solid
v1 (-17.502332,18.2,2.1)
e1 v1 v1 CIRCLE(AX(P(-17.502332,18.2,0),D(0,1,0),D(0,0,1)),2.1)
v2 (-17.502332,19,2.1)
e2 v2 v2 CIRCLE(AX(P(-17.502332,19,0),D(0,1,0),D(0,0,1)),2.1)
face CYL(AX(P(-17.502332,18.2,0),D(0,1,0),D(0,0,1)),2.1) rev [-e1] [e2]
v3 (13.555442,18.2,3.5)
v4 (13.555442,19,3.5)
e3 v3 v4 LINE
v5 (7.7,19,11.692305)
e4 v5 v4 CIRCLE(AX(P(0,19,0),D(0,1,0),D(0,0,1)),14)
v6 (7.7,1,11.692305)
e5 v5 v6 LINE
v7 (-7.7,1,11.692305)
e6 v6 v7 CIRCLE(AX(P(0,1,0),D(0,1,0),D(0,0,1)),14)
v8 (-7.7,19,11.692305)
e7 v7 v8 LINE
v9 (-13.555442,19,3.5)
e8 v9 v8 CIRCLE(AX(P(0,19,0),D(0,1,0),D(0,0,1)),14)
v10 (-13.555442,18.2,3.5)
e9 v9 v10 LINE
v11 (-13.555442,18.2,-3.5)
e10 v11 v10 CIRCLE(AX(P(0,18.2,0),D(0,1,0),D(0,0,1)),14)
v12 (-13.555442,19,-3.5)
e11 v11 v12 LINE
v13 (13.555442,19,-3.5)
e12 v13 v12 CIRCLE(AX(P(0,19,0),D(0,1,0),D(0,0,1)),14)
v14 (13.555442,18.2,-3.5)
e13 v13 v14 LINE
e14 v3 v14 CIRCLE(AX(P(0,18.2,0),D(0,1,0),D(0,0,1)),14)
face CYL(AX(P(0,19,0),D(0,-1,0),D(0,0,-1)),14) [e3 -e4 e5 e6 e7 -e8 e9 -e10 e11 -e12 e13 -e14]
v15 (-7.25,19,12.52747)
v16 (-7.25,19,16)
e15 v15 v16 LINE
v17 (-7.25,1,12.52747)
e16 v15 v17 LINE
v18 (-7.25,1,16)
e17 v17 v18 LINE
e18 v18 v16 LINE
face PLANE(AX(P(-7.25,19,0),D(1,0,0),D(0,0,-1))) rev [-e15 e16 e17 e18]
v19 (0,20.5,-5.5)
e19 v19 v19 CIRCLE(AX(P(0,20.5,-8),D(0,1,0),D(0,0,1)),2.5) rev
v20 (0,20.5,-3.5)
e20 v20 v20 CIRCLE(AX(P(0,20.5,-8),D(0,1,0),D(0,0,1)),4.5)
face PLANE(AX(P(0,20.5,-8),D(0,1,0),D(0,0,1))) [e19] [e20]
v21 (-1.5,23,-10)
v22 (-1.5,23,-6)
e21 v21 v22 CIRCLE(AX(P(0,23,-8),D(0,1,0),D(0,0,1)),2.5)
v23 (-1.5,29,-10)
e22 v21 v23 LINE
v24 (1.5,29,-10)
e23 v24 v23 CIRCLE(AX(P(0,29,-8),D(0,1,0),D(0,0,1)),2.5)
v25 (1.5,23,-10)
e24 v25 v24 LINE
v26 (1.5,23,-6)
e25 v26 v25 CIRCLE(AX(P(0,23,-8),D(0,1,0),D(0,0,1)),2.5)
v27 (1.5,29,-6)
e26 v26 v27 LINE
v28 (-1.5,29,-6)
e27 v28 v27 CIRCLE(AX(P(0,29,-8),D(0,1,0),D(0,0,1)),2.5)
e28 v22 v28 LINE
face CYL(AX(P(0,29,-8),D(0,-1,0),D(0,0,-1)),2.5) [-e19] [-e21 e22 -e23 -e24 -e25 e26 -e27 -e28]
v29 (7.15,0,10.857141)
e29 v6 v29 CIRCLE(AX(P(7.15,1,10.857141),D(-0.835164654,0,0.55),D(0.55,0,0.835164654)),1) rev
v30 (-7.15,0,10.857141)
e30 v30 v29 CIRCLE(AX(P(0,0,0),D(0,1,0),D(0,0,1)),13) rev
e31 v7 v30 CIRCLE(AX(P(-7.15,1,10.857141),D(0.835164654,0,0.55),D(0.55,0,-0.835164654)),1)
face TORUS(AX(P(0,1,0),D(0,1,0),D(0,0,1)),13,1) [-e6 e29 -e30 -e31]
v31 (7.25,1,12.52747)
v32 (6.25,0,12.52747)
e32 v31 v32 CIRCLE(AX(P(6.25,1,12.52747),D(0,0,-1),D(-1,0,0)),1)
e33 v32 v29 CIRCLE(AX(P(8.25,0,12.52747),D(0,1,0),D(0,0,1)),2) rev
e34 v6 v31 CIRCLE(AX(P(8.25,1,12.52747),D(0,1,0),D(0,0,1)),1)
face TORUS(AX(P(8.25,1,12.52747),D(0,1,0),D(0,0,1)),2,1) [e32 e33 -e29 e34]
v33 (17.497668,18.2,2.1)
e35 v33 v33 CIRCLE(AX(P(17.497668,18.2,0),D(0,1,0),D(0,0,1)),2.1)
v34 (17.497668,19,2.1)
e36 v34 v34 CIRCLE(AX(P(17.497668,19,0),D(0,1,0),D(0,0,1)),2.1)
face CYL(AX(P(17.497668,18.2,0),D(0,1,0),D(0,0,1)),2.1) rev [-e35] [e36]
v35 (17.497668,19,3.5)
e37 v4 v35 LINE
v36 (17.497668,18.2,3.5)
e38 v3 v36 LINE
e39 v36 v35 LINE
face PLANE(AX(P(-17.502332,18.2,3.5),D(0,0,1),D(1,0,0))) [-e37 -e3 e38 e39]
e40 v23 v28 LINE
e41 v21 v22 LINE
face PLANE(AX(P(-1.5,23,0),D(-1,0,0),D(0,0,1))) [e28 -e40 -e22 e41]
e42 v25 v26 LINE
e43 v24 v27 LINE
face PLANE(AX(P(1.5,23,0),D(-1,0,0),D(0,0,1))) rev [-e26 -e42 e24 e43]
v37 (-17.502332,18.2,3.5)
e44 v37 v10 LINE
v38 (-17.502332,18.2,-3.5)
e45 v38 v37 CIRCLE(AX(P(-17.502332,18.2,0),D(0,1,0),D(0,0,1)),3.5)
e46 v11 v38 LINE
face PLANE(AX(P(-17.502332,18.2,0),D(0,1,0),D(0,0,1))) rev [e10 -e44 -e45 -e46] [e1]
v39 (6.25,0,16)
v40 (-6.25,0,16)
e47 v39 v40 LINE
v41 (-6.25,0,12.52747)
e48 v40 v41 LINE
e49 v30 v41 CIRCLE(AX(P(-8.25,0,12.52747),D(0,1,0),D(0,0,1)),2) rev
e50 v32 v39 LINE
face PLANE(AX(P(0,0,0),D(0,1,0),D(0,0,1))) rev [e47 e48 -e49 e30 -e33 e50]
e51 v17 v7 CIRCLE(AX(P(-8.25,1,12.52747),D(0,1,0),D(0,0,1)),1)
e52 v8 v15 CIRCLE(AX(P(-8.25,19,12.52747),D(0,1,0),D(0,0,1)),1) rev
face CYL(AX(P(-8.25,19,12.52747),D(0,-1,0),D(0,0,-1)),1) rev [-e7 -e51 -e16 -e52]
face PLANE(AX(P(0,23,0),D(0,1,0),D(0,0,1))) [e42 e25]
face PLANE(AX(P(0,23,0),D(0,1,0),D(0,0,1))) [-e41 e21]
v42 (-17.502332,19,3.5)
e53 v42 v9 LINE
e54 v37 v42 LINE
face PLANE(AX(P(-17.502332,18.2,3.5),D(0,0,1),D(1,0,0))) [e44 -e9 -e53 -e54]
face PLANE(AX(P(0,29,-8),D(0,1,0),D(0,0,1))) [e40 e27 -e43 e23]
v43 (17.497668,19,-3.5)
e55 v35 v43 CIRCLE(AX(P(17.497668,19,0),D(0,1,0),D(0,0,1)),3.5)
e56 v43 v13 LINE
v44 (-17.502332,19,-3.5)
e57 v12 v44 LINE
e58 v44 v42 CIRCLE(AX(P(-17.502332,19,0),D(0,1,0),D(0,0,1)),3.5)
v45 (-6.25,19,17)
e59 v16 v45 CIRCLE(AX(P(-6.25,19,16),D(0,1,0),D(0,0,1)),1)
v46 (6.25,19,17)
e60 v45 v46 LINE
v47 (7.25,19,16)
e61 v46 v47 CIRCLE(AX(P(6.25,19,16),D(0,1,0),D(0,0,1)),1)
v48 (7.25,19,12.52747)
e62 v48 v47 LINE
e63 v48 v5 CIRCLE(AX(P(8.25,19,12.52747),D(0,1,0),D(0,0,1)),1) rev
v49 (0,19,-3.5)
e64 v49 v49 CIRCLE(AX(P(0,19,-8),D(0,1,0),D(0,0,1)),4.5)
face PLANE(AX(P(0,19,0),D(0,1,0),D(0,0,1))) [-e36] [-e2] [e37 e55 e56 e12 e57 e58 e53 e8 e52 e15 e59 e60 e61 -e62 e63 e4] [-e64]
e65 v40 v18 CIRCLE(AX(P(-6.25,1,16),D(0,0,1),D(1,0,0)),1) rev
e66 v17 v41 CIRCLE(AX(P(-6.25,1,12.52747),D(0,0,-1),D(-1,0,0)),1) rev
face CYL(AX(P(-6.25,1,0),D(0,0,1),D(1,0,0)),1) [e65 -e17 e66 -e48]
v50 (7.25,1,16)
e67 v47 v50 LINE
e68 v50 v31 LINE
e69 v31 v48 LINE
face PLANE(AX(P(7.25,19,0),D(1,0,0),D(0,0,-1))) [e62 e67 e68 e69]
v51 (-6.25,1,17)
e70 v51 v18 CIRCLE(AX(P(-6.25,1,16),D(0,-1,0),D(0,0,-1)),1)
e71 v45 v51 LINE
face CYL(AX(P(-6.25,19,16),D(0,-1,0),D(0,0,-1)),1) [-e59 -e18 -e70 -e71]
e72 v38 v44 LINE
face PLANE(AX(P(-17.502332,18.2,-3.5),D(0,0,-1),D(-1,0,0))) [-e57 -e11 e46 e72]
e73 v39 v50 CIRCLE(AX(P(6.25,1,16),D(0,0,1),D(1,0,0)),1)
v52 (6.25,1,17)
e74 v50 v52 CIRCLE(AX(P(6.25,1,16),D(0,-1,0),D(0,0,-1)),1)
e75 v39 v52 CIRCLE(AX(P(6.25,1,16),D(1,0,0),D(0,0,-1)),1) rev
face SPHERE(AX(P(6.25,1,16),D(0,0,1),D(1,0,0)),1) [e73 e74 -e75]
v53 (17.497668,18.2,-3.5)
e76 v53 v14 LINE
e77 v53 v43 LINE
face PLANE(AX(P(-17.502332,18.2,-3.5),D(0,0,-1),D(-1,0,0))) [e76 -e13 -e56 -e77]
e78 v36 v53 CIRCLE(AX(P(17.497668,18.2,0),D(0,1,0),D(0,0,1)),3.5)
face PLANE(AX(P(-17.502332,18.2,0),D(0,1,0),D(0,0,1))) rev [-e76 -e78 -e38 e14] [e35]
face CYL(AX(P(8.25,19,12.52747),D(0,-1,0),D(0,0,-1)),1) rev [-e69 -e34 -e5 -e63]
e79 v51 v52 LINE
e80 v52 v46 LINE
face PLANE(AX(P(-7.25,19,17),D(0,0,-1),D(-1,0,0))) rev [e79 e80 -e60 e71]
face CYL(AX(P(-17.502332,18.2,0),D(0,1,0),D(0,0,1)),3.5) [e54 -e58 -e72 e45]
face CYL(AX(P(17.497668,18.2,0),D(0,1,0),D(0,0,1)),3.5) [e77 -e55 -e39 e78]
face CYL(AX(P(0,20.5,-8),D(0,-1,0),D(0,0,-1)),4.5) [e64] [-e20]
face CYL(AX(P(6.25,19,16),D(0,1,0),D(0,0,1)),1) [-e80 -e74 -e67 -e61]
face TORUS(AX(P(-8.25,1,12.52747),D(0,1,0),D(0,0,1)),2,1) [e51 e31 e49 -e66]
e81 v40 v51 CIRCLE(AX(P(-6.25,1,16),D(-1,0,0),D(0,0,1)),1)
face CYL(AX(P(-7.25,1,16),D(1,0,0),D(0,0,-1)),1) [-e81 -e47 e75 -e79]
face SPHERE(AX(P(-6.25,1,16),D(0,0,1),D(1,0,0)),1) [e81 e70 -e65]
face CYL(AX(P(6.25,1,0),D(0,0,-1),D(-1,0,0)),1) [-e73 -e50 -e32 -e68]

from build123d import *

# Parameters (mm, degrees)
SKETCH1_R           = 14
SKETCH1_W           = 14.5
SKETCH1_H           = 17
BOSS_EXTRUDE1_DEPTH = 19
SKETCH2_R           = 4.5
BOSS_EXTRUDE2_DEPTH = 1.5
SKETCH2_3_R         = 2.5
BOSS_EXTRUDE3_DEPTH = 10
CUT_EXTRUDE1_START  = -6
CUT_EXTRUDE1_DEPTH  = 6
FILLET1_R           = 1
SKETCH4_R           = 2.1
BOSS_EXTRUDE4_DEPTH = 0.8


with BuildPart() as part:
    # Sketch1 → Boss-Extrude1 (new body)
    with BuildSketch(Plane(origin=(0, 0, 0), x_dir=(1, 0, 0), z_dir=(0, 1, 0))):
        Circle(SKETCH1_R)
        with Locations((0, -8.5)):
            Rectangle(SKETCH1_W, SKETCH1_H)
    extrude(amount=BOSS_EXTRUDE1_DEPTH)

    # Sketch2 → Boss-Extrude2 (add)
    with BuildSketch(Plane(origin=(0, 19, 0), x_dir=(1, 0, 0), z_dir=(0, 1, 0))):
        with Locations((0, 8.000000036)):
            Circle(SKETCH2_R)
    extrude(amount=BOSS_EXTRUDE2_DEPTH)

    # Sketch2<3> → Boss-Extrude3 (add)
    with BuildSketch(Plane(origin=(0, 19, 0), x_dir=(1, 0, 0), z_dir=(0, 1, 0))):
        with Locations((0, 8.000000036)):
            Circle(SKETCH2_3_R)
    extrude(amount=BOSS_EXTRUDE3_DEPTH)

    # Sketch3 → Cut-Extrude1 (cut)
    with BuildSketch(Plane(origin=(0, 29, 0), x_dir=(1, 0, 0), z_dir=(0, 1, 0)).offset(CUT_EXTRUDE1_START)):
        with BuildLine():
            Line((-1.5, 6.000000036), (-1.5, 10.000000036))
            ThreePointArc((-1.5, 10.000000036), (-2.5, 8.000000036), (-1.5, 6.000000036))
        make_face()
        with BuildLine():
            ThreePointArc((1.5, 6.000000036), (2.5, 8.000000036), (1.5, 10.000000036))
            Line((1.5, 10.000000036), (1.5, 6.000000036))
        make_face()
    extrude(amount=CUT_EXTRUDE1_DEPTH, mode=Mode.SUBTRACT)

    # Fillet1
    fillet1_edges = [part.edges().sort_by_distance(p)[0] for p in [
        (-7.25, 0, 14.488269784),
        (0, 0, 17),
        (7.25, 0, 14.488269784),
        (0, 0, -14),
        (7.25, 9.5, 11.976539567),
        (-7.25, 9.5, 11.976539567),
        (-7.25, 9.5, 17),
        (7.25, 9.5, 17),
    ]]
    fillet(fillet1_edges, radius=FILLET1_R)

    # Sketch4 → Boss-Extrude4 (add)
    with BuildSketch(Plane(origin=(0, 19, 0), x_dir=(1, 0, 0), z_dir=(0, 1, 0))):
        with BuildLine():
            Line((-17.502332169, 3.500000036), (17.497667831, 3.500000036))
            ThreePointArc((17.497667831, 3.500000036), (20.997667831, 3.6e-08), (17.497667831, -3.499999964))
            Line((17.497667831, -3.499999964), (-17.502332169, -3.499999964))
            ThreePointArc((-17.502332169, -3.499999964), (-21.002332169, 3.6e-08), (-17.502332169, 3.500000036))
        make_face()
        with Locations((17.497667831, 3.6e-08)):
            Circle(SKETCH4_R, mode=Mode.SUBTRACT)
        with Locations((-17.502332169, 3.6e-08)):
            Circle(SKETCH4_R, mode=Mode.SUBTRACT)
    extrude(amount=-BOSS_EXTRUDE4_DEPTH)


solid = part.part
